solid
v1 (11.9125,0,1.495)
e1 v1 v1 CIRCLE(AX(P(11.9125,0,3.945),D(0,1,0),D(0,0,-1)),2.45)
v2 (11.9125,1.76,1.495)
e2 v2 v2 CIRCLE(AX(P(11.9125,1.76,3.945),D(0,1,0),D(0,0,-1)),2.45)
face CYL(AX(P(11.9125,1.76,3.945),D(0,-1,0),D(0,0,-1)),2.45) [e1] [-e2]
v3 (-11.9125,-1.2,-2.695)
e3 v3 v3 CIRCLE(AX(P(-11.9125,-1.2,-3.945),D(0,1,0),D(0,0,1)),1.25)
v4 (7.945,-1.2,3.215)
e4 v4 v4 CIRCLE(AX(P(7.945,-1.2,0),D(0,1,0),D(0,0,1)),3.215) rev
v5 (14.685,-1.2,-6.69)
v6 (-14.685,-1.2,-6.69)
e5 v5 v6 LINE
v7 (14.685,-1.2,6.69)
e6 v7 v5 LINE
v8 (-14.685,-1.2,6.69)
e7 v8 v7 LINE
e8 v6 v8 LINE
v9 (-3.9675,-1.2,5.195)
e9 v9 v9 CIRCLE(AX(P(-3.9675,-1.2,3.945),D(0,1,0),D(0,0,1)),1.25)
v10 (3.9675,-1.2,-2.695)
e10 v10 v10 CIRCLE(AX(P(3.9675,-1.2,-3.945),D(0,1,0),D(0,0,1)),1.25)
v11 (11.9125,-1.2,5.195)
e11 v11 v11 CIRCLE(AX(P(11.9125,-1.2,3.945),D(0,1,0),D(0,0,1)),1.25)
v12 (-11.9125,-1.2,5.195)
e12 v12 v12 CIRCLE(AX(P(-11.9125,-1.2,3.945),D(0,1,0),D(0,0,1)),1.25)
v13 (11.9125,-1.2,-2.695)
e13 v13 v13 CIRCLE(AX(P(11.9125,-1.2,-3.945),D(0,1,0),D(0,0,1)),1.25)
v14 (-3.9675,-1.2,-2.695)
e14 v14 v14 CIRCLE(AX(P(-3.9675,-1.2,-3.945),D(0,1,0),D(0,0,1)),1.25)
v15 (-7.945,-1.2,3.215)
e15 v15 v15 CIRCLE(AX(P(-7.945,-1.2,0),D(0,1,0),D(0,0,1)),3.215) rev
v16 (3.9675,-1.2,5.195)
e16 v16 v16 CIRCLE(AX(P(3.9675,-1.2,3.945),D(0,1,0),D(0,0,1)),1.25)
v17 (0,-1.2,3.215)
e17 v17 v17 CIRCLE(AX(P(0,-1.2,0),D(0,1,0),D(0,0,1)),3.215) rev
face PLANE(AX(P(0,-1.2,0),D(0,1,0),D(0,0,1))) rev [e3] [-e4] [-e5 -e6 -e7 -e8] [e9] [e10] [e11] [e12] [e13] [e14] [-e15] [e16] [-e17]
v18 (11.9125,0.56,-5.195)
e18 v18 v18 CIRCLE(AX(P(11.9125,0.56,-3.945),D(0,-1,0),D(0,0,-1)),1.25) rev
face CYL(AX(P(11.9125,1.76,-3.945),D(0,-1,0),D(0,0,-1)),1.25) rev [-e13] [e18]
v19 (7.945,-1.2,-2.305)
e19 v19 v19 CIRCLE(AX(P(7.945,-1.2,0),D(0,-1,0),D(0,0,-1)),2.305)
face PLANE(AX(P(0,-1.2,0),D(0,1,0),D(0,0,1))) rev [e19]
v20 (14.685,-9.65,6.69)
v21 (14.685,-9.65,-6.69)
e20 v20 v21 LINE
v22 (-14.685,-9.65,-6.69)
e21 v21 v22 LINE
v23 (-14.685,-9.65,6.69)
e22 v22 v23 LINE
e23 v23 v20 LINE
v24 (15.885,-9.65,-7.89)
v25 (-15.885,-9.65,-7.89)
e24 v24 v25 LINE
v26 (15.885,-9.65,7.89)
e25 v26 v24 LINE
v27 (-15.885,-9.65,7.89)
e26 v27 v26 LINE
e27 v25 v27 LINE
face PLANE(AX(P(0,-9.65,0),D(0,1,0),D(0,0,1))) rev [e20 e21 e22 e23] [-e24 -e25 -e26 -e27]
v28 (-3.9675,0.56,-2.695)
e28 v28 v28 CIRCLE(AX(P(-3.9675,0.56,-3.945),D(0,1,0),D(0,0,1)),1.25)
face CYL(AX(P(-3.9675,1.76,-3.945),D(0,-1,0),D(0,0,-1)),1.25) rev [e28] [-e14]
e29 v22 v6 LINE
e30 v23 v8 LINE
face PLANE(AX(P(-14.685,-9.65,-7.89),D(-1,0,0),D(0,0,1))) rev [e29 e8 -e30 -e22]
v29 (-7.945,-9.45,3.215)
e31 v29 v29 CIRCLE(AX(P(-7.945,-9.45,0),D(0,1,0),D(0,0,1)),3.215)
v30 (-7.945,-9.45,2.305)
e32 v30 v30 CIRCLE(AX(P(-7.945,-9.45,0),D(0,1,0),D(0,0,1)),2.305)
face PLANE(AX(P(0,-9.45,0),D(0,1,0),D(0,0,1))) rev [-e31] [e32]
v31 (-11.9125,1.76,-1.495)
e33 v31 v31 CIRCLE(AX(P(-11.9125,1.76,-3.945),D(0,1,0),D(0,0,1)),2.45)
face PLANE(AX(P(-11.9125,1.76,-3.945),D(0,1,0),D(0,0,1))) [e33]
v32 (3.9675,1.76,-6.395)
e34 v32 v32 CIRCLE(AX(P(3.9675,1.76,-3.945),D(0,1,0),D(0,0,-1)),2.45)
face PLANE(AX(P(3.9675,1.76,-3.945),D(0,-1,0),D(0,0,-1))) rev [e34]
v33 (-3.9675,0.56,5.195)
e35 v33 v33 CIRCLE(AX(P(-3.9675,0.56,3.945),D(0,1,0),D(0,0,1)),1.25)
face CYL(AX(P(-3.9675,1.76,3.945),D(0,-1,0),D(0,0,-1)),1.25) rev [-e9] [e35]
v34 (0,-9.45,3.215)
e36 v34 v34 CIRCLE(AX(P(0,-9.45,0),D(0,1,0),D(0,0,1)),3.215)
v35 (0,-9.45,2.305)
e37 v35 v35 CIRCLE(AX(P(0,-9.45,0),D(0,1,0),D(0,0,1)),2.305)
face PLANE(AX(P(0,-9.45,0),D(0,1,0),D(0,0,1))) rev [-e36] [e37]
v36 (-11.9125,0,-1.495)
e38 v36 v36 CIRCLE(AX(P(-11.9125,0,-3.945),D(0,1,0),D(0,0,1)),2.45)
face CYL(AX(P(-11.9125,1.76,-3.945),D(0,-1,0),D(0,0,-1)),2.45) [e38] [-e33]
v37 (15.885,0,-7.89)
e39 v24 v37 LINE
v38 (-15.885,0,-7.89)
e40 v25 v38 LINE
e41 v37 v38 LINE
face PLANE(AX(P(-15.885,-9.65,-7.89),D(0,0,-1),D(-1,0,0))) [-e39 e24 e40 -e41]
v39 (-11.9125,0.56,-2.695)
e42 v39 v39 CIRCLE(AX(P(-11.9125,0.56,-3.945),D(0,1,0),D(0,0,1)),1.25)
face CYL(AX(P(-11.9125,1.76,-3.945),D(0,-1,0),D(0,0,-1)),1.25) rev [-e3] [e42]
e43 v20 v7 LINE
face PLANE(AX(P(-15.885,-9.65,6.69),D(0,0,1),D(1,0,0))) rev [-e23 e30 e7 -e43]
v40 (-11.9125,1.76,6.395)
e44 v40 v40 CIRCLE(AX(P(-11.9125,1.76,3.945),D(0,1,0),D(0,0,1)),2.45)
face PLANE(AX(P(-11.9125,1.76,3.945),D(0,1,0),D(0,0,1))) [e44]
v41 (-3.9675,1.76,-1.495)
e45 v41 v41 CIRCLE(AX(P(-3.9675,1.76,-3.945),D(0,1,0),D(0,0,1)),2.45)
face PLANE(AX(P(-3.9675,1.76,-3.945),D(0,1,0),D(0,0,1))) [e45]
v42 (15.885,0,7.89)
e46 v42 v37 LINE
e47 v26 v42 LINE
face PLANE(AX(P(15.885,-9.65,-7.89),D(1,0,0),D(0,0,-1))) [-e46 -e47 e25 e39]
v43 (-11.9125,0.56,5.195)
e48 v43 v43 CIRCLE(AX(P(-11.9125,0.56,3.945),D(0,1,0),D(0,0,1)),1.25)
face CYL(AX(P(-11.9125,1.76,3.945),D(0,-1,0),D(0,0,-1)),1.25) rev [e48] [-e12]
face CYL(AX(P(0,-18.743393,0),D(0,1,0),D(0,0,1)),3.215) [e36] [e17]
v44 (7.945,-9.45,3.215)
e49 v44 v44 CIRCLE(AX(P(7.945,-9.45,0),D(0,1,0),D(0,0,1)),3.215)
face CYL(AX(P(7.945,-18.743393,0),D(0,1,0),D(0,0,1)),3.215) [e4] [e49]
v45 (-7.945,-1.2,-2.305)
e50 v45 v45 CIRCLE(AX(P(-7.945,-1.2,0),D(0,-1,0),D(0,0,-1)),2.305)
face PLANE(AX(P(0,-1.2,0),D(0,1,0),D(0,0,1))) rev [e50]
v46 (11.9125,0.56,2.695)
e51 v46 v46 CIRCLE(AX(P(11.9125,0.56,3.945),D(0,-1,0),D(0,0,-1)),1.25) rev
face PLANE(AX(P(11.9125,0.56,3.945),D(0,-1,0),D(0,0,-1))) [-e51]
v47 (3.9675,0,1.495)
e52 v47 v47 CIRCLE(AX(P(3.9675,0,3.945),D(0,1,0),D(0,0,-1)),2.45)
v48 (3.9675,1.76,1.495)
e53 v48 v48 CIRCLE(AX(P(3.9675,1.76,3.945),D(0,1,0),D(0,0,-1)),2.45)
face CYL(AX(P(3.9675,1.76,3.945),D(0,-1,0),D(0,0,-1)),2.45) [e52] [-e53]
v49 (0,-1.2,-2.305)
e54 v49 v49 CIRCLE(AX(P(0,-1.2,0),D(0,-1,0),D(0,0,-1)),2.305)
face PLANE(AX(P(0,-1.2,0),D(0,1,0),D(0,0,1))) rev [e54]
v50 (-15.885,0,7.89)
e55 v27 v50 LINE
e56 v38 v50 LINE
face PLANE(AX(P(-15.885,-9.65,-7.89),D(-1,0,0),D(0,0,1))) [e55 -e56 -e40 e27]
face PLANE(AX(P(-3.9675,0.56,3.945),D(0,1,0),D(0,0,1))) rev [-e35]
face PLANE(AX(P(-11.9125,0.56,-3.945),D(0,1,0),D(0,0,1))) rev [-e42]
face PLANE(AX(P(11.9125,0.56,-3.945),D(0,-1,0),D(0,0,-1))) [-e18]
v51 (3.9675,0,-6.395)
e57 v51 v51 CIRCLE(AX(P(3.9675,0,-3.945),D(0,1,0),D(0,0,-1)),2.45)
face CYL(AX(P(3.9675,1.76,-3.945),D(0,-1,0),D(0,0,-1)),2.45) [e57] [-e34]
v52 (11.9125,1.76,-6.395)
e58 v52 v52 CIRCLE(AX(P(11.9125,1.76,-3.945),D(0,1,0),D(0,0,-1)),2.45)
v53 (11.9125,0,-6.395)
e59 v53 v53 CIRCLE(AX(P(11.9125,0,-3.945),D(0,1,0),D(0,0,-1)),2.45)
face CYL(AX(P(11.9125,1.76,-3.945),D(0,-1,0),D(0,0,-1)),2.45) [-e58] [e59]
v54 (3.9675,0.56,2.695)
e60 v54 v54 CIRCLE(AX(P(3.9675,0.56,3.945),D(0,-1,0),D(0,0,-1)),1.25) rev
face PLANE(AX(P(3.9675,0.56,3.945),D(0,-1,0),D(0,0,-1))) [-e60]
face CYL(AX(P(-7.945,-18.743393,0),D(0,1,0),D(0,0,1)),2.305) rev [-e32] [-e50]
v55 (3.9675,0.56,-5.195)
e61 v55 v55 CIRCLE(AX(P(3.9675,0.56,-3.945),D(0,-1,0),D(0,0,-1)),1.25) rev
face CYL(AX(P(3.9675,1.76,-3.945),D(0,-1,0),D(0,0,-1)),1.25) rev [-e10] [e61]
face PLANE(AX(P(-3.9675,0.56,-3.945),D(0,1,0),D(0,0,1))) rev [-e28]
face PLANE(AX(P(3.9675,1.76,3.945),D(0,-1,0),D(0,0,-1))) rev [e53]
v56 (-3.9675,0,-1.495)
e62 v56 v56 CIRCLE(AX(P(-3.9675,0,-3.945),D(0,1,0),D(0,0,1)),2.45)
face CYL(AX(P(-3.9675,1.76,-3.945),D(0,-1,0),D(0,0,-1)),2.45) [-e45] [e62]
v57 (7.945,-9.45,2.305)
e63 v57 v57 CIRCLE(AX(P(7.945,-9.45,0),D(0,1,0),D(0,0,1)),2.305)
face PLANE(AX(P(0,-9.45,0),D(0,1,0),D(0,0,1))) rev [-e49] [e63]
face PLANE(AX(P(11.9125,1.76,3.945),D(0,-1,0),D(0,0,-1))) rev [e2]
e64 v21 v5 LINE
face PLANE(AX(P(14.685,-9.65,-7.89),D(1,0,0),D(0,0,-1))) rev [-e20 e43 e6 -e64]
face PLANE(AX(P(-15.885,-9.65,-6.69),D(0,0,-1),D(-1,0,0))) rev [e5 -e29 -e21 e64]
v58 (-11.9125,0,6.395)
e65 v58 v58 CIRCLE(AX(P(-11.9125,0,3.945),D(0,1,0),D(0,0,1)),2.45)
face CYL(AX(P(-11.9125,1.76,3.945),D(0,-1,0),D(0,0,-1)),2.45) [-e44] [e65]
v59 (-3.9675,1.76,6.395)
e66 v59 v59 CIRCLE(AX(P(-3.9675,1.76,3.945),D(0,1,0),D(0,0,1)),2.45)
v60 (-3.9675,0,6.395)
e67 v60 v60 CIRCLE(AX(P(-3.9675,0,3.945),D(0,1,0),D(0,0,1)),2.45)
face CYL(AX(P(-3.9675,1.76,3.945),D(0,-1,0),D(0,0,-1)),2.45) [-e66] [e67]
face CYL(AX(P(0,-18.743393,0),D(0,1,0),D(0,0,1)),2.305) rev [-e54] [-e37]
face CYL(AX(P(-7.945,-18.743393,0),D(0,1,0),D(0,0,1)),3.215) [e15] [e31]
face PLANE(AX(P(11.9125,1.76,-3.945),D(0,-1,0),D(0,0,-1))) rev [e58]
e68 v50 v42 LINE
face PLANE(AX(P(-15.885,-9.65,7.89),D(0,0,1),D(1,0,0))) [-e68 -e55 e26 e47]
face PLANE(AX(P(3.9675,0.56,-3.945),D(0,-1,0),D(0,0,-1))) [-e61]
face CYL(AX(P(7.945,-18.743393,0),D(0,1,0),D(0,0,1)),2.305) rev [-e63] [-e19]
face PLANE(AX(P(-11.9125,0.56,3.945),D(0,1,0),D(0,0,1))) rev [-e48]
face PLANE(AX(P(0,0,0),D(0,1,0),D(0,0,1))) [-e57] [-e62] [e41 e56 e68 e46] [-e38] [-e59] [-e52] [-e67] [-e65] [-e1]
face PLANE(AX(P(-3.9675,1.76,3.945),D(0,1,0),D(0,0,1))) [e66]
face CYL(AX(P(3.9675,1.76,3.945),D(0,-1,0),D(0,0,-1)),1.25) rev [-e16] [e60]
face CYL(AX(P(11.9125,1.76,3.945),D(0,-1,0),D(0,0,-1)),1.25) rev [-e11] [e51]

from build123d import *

# Parameters (mm, degrees)
SKETCH2_W           = 31.77
SKETCH2_H           = 15.78
BOSS_EXTRUDE2_DEPTH = 9.65
SKETCH3_R           = 2.45
BOSS_EXTRUDE3_DEPTH = 1.76
SHELL1_T            = -1.2
SKETCH4_R           = 3.215
SKETCH4_R_2         = 2.305
BOSS_EXTRUDE4_DEPTH = 8.25


with BuildPart() as part:
    # Sketch2 → Boss-Extrude2 (new body)
    with BuildSketch(Plane(origin=(0, 0, 0), x_dir=(1, 0, 0), z_dir=(0, 1, 0))):
        Rectangle(SKETCH2_W, SKETCH2_H)
    extrude(amount=-BOSS_EXTRUDE2_DEPTH)

    # Sketch3 → Boss-Extrude3 (add)
    with BuildSketch(Plane(origin=(0, 0, 0), x_dir=(1, 0, 0), z_dir=(0, 1, 0))):
        with Locations(Location((-11.9125, 3.945, 0), (0, 0, 270))):
            Circle(SKETCH3_R)
        with Locations(Location((-3.9675, 3.945, 0), (0, 0, 270))):
            Circle(SKETCH3_R)
        with Locations(Location((-3.9675, -3.945, 0), (0, 0, 270))):
            Circle(SKETCH3_R)
        with Locations(Location((-11.9125, -3.945, 0), (0, 0, 270))):
            Circle(SKETCH3_R)
        with Locations(Location((11.9125, -3.945, 0), (0, 0, 90))):
            Circle(SKETCH3_R)
        with Locations(Location((3.9675, -3.945, 0), (0, 0, 90))):
            Circle(SKETCH3_R)
        with Locations(Location((3.9675, 3.945, 0), (0, 0, 90))):
            Circle(SKETCH3_R)
        with Locations(Location((11.9125, 3.945, 0), (0, 0, 90))):
            Circle(SKETCH3_R)
    extrude(amount=BOSS_EXTRUDE3_DEPTH)

    # Shell1
    shell1_openings = [part.faces().sort_by_distance(p)[0] for p in [
        (0, -9.65, 0),
    ]]
    offset(amount=SHELL1_T, openings=shell1_openings, kind=Kind.INTERSECTION)

    # Sketch4 → Boss-Extrude4 (add)
    # profile 1 of 3: a face of its own
    with BuildSketch(Plane.XZ.offset(1.2)):
        with Locations(Location((0, 0, 0), (0, 0, 90))):
            Circle(SKETCH4_R)
        with Locations(Location((0, 0, 0), (0, 0, 90))):
            Circle(SKETCH4_R_2, mode=Mode.SUBTRACT)
    # profile 2 of 3: a face of its own
    with BuildSketch(Plane.XZ.offset(1.2)):
        with Locations(Location((7.945, 0, 0), (0, 0, 90))):
            Circle(SKETCH4_R)
        with Locations(Location((7.945, 0, 0), (0, 0, 90))):
            Circle(SKETCH4_R_2, mode=Mode.SUBTRACT)
    # profile 3 of 3: a face of its own
    with BuildSketch(Plane.XZ.offset(1.2)):
        with Locations(Location((-7.945, 0, 0), (0, 0, 90))):
            Circle(SKETCH4_R)
        with Locations(Location((-7.945, 0, 0), (0, 0, 90))):
            Circle(SKETCH4_R_2, mode=Mode.SUBTRACT)
    extrude(amount=BOSS_EXTRUDE4_DEPTH)


solid = part.part
